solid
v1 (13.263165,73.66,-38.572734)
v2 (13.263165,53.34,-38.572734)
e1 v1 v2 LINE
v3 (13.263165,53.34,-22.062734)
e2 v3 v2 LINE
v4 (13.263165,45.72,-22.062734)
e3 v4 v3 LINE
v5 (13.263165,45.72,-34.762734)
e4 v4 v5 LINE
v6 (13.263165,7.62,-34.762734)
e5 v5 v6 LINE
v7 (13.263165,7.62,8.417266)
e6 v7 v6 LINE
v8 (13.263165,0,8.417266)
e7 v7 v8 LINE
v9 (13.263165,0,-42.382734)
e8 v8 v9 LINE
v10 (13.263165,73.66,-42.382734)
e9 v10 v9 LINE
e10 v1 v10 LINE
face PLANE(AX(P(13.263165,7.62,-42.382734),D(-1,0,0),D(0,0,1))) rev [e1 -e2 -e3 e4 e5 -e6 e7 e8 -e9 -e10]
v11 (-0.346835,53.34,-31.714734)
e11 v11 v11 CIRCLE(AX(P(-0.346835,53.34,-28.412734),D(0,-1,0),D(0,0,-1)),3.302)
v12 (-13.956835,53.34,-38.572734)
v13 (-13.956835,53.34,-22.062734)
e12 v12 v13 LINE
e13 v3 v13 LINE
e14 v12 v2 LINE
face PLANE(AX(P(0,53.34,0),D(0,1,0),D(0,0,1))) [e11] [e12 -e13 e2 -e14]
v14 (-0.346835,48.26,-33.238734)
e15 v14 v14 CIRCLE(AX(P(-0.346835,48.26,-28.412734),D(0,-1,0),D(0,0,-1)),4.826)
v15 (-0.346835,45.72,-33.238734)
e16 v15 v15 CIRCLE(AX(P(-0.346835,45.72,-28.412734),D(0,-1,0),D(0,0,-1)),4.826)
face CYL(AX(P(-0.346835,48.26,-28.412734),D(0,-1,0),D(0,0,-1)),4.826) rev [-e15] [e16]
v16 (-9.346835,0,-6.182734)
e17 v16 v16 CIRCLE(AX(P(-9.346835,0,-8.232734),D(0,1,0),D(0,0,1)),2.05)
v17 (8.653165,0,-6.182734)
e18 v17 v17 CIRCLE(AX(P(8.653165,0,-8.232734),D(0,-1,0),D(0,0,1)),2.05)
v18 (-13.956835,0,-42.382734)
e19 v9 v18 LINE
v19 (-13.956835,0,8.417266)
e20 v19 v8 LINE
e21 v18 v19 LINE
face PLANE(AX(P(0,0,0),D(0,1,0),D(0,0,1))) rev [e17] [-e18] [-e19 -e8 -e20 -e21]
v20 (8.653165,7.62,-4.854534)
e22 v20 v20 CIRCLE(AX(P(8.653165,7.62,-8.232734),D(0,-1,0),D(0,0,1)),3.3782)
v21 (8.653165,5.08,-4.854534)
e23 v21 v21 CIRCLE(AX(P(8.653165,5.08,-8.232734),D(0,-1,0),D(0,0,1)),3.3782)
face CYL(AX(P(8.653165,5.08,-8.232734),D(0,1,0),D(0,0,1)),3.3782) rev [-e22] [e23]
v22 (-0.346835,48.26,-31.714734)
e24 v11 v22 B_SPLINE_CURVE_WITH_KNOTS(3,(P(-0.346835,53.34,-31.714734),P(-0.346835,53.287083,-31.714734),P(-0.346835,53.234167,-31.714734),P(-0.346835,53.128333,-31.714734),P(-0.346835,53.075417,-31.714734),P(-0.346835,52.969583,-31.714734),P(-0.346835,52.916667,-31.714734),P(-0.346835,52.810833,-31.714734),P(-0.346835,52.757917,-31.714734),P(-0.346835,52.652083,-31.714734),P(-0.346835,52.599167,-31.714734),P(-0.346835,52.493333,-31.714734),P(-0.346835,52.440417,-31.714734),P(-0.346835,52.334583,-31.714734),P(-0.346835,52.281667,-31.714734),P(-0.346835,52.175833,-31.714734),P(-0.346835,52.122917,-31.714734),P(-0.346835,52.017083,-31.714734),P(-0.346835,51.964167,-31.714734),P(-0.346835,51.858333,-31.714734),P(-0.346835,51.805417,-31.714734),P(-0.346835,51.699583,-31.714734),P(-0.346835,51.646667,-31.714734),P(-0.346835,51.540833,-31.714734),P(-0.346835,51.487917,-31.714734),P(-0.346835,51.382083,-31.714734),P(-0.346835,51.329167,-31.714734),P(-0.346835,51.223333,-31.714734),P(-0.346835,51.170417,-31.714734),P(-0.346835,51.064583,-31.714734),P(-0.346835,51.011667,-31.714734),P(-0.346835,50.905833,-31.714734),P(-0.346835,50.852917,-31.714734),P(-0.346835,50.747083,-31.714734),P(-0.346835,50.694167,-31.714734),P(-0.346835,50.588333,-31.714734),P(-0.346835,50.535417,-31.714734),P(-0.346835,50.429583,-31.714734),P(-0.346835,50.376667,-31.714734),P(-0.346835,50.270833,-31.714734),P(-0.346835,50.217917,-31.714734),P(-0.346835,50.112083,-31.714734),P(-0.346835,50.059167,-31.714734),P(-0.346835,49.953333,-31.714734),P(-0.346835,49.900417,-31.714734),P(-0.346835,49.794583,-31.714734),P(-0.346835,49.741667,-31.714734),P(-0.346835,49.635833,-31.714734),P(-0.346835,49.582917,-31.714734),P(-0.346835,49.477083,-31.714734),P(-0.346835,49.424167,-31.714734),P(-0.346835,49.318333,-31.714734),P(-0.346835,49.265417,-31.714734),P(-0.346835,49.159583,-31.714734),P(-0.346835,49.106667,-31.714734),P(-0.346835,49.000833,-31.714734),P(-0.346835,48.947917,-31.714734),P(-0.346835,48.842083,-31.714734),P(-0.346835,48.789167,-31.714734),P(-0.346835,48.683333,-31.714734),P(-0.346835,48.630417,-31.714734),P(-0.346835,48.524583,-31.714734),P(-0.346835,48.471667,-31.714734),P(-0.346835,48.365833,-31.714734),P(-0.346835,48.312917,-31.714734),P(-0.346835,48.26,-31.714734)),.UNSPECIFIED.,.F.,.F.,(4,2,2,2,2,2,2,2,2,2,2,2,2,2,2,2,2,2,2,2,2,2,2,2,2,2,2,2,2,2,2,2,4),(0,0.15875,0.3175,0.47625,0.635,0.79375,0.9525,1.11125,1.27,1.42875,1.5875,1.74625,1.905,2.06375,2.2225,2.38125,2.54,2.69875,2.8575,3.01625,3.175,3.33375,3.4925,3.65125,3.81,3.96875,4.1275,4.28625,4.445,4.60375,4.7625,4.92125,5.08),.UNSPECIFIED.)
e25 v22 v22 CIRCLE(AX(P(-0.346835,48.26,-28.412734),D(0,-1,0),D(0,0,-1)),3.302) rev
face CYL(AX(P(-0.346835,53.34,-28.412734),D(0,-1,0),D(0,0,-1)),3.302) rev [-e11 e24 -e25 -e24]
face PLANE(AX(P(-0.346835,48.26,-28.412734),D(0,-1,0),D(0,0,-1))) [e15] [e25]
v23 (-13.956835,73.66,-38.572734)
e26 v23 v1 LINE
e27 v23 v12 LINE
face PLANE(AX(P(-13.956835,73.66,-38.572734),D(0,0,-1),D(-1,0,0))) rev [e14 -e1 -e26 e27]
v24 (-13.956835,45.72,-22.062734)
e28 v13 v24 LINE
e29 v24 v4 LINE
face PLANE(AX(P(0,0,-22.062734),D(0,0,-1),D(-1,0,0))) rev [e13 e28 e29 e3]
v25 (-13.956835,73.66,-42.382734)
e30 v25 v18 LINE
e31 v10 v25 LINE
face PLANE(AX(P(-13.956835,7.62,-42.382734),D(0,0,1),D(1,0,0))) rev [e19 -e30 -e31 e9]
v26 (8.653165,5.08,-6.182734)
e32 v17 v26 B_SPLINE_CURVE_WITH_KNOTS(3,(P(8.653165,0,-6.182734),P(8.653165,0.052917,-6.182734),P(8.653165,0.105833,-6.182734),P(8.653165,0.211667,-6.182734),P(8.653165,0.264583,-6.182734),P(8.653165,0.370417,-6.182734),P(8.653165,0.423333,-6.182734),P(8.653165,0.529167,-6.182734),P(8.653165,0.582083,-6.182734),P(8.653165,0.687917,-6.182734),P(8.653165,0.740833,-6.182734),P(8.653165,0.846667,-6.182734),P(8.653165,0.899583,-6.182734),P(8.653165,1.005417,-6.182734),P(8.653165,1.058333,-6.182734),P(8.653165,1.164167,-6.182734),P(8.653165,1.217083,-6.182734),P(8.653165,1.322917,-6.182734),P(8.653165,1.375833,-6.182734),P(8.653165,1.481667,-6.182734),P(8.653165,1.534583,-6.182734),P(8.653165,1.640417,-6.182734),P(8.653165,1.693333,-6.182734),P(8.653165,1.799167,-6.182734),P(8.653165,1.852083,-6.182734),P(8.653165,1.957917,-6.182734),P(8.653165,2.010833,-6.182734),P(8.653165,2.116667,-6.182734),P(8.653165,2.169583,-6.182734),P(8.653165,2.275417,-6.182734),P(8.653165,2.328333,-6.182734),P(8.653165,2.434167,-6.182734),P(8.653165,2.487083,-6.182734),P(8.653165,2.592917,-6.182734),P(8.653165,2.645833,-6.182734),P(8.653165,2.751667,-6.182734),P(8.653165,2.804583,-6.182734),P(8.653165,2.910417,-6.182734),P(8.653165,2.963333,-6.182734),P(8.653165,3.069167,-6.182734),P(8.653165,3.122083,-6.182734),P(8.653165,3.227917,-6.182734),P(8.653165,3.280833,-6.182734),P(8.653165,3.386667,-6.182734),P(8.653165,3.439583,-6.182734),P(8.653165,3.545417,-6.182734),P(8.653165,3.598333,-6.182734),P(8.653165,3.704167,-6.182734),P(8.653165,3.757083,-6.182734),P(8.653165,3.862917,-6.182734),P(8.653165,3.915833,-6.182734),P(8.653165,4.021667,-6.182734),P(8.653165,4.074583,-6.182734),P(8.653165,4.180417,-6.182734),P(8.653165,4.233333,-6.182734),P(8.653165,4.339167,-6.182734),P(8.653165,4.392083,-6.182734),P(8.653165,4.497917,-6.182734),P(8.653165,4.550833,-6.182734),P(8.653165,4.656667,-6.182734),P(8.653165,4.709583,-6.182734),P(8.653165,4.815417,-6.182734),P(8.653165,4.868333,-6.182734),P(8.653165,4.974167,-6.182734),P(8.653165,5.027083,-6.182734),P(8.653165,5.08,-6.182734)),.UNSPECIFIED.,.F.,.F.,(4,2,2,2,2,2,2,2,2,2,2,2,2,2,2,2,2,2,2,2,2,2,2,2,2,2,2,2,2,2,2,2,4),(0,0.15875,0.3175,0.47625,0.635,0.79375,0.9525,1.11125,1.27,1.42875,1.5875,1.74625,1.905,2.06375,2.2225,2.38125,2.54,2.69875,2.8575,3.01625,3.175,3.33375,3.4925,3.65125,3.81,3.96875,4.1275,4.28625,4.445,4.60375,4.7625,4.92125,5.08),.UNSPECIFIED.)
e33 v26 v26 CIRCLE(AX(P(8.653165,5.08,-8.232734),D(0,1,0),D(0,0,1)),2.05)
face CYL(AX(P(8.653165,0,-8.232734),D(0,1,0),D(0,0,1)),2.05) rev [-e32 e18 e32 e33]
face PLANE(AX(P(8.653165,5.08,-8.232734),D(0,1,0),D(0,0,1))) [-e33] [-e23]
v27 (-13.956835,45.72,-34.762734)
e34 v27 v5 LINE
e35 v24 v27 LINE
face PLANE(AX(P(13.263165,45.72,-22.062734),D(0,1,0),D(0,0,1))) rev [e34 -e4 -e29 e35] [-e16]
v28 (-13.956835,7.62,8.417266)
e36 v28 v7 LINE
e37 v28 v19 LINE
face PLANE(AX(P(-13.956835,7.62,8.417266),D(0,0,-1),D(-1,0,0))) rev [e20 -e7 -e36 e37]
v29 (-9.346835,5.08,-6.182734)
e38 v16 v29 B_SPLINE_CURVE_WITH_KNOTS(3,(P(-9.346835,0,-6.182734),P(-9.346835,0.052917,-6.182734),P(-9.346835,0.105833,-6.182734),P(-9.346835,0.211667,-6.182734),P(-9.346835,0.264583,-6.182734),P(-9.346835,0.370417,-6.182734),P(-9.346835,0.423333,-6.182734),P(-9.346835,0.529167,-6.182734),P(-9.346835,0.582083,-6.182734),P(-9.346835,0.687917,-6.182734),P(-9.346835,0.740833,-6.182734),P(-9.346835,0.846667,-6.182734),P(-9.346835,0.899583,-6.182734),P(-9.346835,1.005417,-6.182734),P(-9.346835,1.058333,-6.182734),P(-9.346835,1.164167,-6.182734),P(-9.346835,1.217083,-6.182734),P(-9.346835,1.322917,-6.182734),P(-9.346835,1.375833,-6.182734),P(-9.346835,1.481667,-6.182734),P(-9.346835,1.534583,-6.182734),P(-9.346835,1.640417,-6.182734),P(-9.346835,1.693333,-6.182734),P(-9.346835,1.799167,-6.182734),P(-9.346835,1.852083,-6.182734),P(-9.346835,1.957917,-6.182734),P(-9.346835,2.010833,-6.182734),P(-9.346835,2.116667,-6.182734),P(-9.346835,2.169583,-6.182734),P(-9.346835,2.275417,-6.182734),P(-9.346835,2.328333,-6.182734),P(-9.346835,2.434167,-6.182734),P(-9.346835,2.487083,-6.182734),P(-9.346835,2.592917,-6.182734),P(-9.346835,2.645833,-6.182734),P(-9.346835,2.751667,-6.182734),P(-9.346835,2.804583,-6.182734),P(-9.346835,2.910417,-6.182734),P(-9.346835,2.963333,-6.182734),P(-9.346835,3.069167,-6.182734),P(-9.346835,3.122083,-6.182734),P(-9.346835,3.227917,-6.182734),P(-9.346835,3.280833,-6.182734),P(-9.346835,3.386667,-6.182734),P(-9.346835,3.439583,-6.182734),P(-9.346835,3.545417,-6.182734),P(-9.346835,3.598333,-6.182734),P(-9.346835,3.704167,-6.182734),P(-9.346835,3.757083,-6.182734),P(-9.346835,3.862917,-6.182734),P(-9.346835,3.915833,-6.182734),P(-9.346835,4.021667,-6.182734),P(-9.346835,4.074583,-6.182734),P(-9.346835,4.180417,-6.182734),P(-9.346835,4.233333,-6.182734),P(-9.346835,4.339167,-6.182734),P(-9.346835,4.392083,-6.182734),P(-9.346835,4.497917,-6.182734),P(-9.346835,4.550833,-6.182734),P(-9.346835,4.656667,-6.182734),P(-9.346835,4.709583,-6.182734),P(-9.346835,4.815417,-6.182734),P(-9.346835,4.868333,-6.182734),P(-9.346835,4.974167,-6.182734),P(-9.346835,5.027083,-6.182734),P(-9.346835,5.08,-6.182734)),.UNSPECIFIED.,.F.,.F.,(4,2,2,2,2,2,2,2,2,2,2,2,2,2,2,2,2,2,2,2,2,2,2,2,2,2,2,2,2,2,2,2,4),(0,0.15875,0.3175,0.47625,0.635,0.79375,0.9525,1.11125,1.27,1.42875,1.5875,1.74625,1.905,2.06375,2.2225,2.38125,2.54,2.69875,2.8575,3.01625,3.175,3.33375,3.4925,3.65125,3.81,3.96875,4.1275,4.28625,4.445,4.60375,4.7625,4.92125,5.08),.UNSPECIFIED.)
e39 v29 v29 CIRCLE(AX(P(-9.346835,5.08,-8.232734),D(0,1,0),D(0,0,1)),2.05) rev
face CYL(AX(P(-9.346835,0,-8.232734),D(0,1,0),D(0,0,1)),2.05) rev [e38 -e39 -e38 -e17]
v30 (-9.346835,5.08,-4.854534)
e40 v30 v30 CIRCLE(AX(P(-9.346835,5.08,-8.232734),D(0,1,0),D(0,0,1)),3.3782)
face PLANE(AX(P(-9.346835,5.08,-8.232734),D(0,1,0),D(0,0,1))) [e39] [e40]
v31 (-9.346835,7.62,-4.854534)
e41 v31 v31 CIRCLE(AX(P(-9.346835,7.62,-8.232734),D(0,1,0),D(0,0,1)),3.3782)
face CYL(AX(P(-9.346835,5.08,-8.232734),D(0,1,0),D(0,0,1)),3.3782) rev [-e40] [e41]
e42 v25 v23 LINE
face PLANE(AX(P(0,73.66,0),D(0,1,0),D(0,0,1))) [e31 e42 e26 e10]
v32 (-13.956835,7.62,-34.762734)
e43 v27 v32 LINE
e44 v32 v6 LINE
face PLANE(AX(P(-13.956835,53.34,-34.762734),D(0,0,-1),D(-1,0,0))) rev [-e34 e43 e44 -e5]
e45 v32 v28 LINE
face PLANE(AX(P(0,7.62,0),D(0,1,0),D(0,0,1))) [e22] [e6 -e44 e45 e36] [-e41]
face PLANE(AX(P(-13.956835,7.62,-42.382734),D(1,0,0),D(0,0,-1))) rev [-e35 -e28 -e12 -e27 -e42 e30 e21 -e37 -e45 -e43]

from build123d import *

# Parameters (mm, degrees)
SKETCH1_W           = 27.22
SKETCH1_H           = 50.8
BOSS_EXTRUDE1_DEPTH = 7.62
SKETCH2_R           = 2.05
CUT_EXTRUDE1_DEPTH  = 7.62
SKETCH3_R           = 3.3782
CUT_EXTRUDE2_DEPTH  = 2.54
SKETCH4_W           = 27.22
SKETCH4_H           = 7.62
BOSS_EXTRUDE2_DEPTH = 45.72
SKETCH10_W          = 27.22
SKETCH10_H          = 7.62
BOSS_EXTRUDE3_DEPTH = 12.7
CUT_EXTRUDE6_DEPTH  = 7.62
SKETCH13_R          = 4.826
CUT_EXTRUDE7_DEPTH  = 2.54
SKETCH12_W          = 27.22
SKETCH12_H          = 3.81
BOSS_EXTRUDE4_DEPTH = 20.32


with BuildPart() as part:
    # Sketch1 → Boss-Extrude1 (new body)
    with BuildSketch(Plane(origin=(0, 0, 0), x_dir=(1, 0, 0), z_dir=(0, 1, 0))):
        with Locations((-0.346834532, 16.982733813)):
            Rectangle(SKETCH1_W, SKETCH1_H)
    extrude(amount=BOSS_EXTRUDE1_DEPTH)

    # Sketch2 → Cut-Extrude1 (cut)
    with BuildSketch(Plane(origin=(0, 7.62, 0), x_dir=(1, 0, 0), z_dir=(0, 1, 0))):
        with Locations(Location((-9.346834532, 8.232733813, 0), (0, 0, 270))):
            Circle(SKETCH2_R)
    cut_extrude1 = extrude(amount=-CUT_EXTRUDE1_DEPTH, mode=Mode.SUBTRACT)

    # Sketch3 → Cut-Extrude2 (cut)
    with BuildSketch(Plane(origin=(0, 7.62, 0), x_dir=(1, 0, 0), z_dir=(0, 1, 0))):
        with Locations(Location((-9.346834532, 8.232733813, 0), (0, 0, 270))):
            Circle(SKETCH3_R)
    cut_extrude2 = extrude(amount=-CUT_EXTRUDE2_DEPTH, mode=Mode.SUBTRACT)

    # Mirror1: Cut-Extrude1, Cut-Extrude2 across plane
    add(cut_extrude1.mirror(Plane.ZY.offset(0.346834532)), mode=Mode.SUBTRACT)
    add(cut_extrude2.mirror(Plane.ZY.offset(0.346834532)), mode=Mode.SUBTRACT)

    # Sketch4 → Boss-Extrude2 (add)
    with BuildSketch(Plane(origin=(0, 7.62, 0), x_dir=(1, 0, 0), z_dir=(0, 1, 0))):
        with Locations((-0.346834532, 38.572733813)):
            Rectangle(SKETCH4_W, SKETCH4_H)
    extrude(amount=BOSS_EXTRUDE2_DEPTH)

    # Sketch10 → Boss-Extrude3 (add)
    with BuildSketch(Plane.XY.offset(-34.762733813)):
        with Locations((-0.346834532, 49.53)):
            Rectangle(SKETCH10_W, SKETCH10_H)
    extrude(amount=BOSS_EXTRUDE3_DEPTH)

    # Sketch11 → Cut-Extrude6 (cut)
    with BuildSketch(Plane.XZ.offset(-45.72)):
        with BuildLine():
            ThreePointArc((2.955165468, -28.412733813), (1.988032059, -26.077867221), (-0.346834532, -25.110733813))
            Line((-0.346834532, -25.110733813), (-0.346834532, -31.714733813))
            ThreePointArc((-0.346834532, -31.714733813), (1.988032059, -30.747600404), (2.955165468, -28.412733813))
        make_face()
        with BuildLine():
            Line((-0.346834532, -31.714733813), (-0.346834532, -25.110733813))
            ThreePointArc((-0.346834532, -25.110733813), (-3.648834532, -28.412733813), (-0.346834532, -31.714733813))
        make_face()
    extrude(amount=-CUT_EXTRUDE6_DEPTH, mode=Mode.SUBTRACT)

    # Sketch13 → Cut-Extrude7 (cut)
    with BuildSketch(Plane.XZ.offset(-45.72)):
        with Locations(Location((-0.346834532, -28.412733813, 0), (0, 0, 270))):
            Circle(SKETCH13_R)
    extrude(amount=-CUT_EXTRUDE7_DEPTH, mode=Mode.SUBTRACT)

    # Sketch12 → Boss-Extrude4 (add)
    with BuildSketch(Plane(origin=(0, 53.34, 0), x_dir=(1, 0, 0), z_dir=(0, 1, 0))):
        with Locations((-0.346834532, 40.477733813)):
            Rectangle(SKETCH12_W, SKETCH12_H)
    extrude(amount=BOSS_EXTRUDE4_DEPTH)


solid = part.part
